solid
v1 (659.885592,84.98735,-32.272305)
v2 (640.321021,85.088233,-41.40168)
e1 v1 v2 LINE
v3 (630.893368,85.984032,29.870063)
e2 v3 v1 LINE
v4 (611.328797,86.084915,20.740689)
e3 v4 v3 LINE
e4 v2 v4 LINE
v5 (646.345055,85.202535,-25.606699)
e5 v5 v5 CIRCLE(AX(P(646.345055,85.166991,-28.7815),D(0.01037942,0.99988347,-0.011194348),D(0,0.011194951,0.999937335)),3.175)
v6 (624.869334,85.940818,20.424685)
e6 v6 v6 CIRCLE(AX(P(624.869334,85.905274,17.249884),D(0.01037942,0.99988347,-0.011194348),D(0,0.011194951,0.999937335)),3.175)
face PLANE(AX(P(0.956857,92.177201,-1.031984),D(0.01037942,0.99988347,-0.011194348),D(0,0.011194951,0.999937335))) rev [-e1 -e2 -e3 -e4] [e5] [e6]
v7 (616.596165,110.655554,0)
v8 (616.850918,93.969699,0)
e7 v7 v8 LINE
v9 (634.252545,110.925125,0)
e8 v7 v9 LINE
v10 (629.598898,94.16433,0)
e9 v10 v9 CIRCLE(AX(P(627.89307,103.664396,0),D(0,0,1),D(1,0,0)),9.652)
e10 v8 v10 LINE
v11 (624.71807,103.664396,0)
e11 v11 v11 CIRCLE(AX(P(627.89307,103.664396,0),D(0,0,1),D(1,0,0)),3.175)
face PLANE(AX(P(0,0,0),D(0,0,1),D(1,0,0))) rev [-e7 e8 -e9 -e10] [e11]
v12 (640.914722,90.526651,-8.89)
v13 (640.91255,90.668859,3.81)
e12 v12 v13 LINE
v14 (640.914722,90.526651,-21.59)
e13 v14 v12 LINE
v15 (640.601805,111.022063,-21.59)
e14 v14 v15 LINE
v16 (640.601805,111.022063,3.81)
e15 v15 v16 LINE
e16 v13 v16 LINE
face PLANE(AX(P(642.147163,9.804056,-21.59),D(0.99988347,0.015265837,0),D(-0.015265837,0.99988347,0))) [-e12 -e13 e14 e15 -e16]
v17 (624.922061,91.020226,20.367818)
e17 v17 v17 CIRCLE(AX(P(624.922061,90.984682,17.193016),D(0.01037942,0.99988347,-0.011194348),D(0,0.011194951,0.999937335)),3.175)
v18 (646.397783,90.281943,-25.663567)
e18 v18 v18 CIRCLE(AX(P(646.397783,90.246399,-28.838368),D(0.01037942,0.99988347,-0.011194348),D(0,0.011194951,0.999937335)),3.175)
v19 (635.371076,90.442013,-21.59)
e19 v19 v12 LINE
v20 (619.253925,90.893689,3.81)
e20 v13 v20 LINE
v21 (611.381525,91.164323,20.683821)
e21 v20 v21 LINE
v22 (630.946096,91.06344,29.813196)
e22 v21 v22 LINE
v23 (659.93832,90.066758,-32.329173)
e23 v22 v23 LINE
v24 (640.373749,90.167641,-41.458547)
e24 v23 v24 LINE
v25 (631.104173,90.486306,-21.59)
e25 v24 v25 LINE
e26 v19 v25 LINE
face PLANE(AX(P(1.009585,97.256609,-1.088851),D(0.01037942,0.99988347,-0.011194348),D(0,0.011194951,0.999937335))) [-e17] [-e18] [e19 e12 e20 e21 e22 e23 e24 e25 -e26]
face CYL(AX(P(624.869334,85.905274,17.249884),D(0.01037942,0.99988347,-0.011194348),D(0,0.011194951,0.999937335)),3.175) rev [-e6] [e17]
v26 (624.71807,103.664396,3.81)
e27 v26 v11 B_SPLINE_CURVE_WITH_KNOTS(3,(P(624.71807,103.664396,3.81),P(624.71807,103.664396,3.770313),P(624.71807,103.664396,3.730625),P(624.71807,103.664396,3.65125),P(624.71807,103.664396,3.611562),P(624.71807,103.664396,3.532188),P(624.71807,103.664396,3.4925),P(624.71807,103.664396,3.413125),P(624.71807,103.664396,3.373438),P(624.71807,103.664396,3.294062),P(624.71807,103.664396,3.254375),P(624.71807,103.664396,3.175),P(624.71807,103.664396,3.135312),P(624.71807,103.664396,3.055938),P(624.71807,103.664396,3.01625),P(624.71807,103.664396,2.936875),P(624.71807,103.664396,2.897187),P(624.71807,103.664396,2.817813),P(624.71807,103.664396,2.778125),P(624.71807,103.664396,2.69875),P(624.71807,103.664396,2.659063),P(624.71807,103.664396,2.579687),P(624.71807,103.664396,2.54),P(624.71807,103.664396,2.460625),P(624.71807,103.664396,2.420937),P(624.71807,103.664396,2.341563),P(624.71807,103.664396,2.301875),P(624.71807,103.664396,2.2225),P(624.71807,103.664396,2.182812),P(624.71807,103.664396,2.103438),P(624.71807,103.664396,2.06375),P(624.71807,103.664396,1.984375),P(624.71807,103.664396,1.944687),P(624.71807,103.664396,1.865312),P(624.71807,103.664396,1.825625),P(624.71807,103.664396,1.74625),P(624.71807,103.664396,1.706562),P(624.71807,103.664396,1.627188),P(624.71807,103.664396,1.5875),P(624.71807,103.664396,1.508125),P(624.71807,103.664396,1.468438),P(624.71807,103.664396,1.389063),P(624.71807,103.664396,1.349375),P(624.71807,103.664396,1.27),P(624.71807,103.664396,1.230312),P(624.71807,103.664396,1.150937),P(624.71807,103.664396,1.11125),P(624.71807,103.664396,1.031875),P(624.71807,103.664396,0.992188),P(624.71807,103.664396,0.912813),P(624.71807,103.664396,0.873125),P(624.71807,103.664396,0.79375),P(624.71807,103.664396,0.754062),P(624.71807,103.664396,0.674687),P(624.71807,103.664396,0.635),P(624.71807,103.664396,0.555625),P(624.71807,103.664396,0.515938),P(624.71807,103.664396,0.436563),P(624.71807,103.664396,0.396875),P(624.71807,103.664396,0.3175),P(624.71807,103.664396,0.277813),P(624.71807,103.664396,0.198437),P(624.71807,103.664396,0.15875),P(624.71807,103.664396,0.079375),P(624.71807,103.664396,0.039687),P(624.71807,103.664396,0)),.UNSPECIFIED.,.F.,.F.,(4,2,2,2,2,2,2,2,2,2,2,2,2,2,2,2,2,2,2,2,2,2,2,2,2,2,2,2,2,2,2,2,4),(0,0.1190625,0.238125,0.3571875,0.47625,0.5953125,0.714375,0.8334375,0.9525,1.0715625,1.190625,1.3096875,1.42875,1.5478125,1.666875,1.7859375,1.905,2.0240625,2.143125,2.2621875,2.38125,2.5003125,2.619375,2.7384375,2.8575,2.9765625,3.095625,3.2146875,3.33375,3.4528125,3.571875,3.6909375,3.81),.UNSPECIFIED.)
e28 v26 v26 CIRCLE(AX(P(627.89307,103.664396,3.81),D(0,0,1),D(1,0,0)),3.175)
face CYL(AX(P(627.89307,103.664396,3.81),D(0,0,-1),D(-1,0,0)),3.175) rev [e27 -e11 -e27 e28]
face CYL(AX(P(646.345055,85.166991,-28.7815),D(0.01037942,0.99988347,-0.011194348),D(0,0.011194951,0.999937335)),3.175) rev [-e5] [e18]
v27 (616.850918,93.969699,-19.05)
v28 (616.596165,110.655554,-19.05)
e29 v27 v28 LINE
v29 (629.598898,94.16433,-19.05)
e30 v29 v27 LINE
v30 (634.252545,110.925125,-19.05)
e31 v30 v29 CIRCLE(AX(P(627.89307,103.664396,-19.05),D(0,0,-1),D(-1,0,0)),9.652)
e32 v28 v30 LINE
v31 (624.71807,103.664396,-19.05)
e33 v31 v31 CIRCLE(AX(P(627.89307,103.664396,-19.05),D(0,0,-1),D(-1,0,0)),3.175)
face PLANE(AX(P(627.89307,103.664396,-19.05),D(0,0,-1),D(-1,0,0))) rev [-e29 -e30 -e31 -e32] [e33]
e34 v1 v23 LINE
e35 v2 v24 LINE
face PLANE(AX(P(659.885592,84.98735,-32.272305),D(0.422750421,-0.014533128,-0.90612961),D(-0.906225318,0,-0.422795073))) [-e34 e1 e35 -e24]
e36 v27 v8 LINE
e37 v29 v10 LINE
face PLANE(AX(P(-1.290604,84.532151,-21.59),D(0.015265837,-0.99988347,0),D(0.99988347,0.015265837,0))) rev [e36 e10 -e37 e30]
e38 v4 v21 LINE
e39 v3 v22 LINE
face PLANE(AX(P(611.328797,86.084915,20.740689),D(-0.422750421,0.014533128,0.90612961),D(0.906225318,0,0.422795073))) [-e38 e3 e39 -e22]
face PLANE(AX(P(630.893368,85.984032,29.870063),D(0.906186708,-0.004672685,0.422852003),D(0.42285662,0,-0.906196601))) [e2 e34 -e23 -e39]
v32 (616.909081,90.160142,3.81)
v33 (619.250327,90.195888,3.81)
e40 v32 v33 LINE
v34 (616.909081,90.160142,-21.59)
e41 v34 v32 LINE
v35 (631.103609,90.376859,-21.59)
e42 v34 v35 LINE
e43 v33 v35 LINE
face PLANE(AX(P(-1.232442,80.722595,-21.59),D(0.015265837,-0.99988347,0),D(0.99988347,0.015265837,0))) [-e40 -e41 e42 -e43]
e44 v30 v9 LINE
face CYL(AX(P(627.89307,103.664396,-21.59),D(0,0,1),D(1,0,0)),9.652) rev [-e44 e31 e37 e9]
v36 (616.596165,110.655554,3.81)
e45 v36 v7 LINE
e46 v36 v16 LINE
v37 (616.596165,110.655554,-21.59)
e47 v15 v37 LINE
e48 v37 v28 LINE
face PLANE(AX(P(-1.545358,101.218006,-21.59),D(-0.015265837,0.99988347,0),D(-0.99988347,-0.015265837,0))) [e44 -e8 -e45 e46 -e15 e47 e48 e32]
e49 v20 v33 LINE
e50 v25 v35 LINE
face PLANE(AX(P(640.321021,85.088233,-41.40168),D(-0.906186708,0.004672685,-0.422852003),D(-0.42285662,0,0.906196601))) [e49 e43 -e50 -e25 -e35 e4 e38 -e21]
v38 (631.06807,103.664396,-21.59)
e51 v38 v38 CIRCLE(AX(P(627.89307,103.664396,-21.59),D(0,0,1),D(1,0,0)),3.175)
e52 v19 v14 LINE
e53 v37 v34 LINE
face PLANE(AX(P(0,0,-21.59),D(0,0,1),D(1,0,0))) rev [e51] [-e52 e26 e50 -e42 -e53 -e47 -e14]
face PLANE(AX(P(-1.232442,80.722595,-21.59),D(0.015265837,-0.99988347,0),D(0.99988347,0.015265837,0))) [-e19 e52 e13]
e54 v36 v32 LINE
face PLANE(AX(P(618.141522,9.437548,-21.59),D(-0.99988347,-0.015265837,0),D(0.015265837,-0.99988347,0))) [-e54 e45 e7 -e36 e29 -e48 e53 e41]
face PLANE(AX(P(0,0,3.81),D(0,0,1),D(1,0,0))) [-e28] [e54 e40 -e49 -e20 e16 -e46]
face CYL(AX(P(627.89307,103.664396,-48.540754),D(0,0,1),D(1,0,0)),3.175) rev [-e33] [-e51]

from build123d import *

# Parameters (mm, degrees)
BOSS_EXTRUDE1_DEPTH = 21.59
SKETCH2_R           = 3.175
BOSS_EXTRUDE2_DEPTH = 2.54
BOSS_EXTRUDE3_START = 3.81
SKETCH3_R           = 3.175
BOSS_EXTRUDE3_DEPTH = 3.81
SKETCH6_R           = 3.175
BOSS_EXTRUDE4_DEPTH = 5.08


with BuildPart() as part:
    # Sketch1 → Boss-Extrude1 (new body)
    with BuildSketch(Plane.XY):
        with BuildLine():
            Line((629.598897849, 94.164329766), (616.850918015, 93.969698502))
            Line((616.850918015, 93.969698502), (616.909080854, 90.16014248))
            Line((616.909080854, 90.16014248), (640.914721516, 90.52665139))
            Line((640.914721516, 90.52665139), (640.60180544, 111.022062787))
            Line((640.60180544, 111.022062787), (634.252545404, 110.925124722))
            ThreePointArc((634.252545404, 110.925124722), (637.543945735, 103.811741783), (634.47123768, 96.601194079))
            ThreePointArc((634.47123768, 96.601194079), (632.210560309, 95.031876848), (629.598897849, 94.164329766))
        make_face()
    extrude(amount=-BOSS_EXTRUDE1_DEPTH)

    # Sketch2 → Boss-Extrude2 (add)
    with BuildSketch(Plane(origin=(0, 0, -19.05), x_dir=(-1, 0, 0), z_dir=(0, 0, -1))):
        with BuildLine():
            Line((-616.850918015, 93.969698502), (-616.596164778, 110.655553878))
            Line((-616.596164778, 110.655553878), (-634.252545404, 110.925124722))
            ThreePointArc((-634.252545404, 110.925124722), (-637.193249895, 101.082193986), (-629.598897849, 94.164329766))
            Line((-629.598897849, 94.164329766), (-616.850918015, 93.969698502))
        make_face()
        with Locations(Location((-627.893070479, 103.664395923, 0), (0, 0, 180))):
            Circle(SKETCH2_R, mode=Mode.SUBTRACT)
    extrude(amount=BOSS_EXTRUDE2_DEPTH)

    # Sketch3 → Boss-Extrude3 (add)
    # profile 1 of 2: a face of its own
    with BuildSketch(Plane.XY.offset(BOSS_EXTRUDE3_START)):
        with BuildLine():
            Line((634.252545404, 110.925124722), (616.596164778, 110.655553878))
            Line((616.596164778, 110.655553878), (616.850918015, 93.969698502))
            Line((616.850918015, 93.969698502), (629.598897849, 94.164329766))
            ThreePointArc((629.598897849, 94.164329766), (637.193249895, 101.082193986), (634.252545404, 110.925124722))
        make_face()
        with Locations((627.893070479, 103.664395923)):
            Circle(SKETCH3_R, mode=Mode.SUBTRACT)
    # profile 2 of 2: a face of its own
    with BuildSketch(Plane.XY.offset(BOSS_EXTRUDE3_START)):
        with BuildLine():
            Line((640.60180544, 111.022062787), (634.252545404, 110.925124722))
            ThreePointArc((634.252545404, 110.925124722), (637.193249895, 101.082193986), (629.598897849, 94.164329766))
            Line((629.598897849, 94.164329766), (616.850918015, 93.969698502))
            Line((616.850918015, 93.969698502), (616.909080854, 90.16014248))
            Line((616.909080854, 90.16014248), (640.914721516, 90.52665139))
            Line((640.914721516, 90.52665139), (640.60180544, 111.022062787))
        make_face()
    extrude(amount=-BOSS_EXTRUDE3_DEPTH)

    # Sketch6 → Boss-Extrude4 (add)
    with BuildSketch(Plane(origin=(1.009584834, 97.256608571, -1.08885119), x_dir=(0.9999461323694532, -0.01037876956131086, 0.00011619709707159731), z_dir=(0.010379419992088221, 0.9998834703189057, -0.011194347843893874))):
        Polygon((629.970445875, -30.830778579), (658.964231573, 31.318853688), (639.3986066, 40.446526963), (610.404820902, -21.703105303), align=None)
        with Locations(Location((623.94608709, -18.210508129, 0), (0, 0, 270))):
            Circle(SKETCH6_R, mode=Mode.SUBTRACT)
        with Locations(Location((645.422965385, 27.826256513, 0), (0, 0, 270))):
            Circle(SKETCH6_R, mode=Mode.SUBTRACT)
    extrude(amount=-BOSS_EXTRUDE4_DEPTH)


solid = part.part
